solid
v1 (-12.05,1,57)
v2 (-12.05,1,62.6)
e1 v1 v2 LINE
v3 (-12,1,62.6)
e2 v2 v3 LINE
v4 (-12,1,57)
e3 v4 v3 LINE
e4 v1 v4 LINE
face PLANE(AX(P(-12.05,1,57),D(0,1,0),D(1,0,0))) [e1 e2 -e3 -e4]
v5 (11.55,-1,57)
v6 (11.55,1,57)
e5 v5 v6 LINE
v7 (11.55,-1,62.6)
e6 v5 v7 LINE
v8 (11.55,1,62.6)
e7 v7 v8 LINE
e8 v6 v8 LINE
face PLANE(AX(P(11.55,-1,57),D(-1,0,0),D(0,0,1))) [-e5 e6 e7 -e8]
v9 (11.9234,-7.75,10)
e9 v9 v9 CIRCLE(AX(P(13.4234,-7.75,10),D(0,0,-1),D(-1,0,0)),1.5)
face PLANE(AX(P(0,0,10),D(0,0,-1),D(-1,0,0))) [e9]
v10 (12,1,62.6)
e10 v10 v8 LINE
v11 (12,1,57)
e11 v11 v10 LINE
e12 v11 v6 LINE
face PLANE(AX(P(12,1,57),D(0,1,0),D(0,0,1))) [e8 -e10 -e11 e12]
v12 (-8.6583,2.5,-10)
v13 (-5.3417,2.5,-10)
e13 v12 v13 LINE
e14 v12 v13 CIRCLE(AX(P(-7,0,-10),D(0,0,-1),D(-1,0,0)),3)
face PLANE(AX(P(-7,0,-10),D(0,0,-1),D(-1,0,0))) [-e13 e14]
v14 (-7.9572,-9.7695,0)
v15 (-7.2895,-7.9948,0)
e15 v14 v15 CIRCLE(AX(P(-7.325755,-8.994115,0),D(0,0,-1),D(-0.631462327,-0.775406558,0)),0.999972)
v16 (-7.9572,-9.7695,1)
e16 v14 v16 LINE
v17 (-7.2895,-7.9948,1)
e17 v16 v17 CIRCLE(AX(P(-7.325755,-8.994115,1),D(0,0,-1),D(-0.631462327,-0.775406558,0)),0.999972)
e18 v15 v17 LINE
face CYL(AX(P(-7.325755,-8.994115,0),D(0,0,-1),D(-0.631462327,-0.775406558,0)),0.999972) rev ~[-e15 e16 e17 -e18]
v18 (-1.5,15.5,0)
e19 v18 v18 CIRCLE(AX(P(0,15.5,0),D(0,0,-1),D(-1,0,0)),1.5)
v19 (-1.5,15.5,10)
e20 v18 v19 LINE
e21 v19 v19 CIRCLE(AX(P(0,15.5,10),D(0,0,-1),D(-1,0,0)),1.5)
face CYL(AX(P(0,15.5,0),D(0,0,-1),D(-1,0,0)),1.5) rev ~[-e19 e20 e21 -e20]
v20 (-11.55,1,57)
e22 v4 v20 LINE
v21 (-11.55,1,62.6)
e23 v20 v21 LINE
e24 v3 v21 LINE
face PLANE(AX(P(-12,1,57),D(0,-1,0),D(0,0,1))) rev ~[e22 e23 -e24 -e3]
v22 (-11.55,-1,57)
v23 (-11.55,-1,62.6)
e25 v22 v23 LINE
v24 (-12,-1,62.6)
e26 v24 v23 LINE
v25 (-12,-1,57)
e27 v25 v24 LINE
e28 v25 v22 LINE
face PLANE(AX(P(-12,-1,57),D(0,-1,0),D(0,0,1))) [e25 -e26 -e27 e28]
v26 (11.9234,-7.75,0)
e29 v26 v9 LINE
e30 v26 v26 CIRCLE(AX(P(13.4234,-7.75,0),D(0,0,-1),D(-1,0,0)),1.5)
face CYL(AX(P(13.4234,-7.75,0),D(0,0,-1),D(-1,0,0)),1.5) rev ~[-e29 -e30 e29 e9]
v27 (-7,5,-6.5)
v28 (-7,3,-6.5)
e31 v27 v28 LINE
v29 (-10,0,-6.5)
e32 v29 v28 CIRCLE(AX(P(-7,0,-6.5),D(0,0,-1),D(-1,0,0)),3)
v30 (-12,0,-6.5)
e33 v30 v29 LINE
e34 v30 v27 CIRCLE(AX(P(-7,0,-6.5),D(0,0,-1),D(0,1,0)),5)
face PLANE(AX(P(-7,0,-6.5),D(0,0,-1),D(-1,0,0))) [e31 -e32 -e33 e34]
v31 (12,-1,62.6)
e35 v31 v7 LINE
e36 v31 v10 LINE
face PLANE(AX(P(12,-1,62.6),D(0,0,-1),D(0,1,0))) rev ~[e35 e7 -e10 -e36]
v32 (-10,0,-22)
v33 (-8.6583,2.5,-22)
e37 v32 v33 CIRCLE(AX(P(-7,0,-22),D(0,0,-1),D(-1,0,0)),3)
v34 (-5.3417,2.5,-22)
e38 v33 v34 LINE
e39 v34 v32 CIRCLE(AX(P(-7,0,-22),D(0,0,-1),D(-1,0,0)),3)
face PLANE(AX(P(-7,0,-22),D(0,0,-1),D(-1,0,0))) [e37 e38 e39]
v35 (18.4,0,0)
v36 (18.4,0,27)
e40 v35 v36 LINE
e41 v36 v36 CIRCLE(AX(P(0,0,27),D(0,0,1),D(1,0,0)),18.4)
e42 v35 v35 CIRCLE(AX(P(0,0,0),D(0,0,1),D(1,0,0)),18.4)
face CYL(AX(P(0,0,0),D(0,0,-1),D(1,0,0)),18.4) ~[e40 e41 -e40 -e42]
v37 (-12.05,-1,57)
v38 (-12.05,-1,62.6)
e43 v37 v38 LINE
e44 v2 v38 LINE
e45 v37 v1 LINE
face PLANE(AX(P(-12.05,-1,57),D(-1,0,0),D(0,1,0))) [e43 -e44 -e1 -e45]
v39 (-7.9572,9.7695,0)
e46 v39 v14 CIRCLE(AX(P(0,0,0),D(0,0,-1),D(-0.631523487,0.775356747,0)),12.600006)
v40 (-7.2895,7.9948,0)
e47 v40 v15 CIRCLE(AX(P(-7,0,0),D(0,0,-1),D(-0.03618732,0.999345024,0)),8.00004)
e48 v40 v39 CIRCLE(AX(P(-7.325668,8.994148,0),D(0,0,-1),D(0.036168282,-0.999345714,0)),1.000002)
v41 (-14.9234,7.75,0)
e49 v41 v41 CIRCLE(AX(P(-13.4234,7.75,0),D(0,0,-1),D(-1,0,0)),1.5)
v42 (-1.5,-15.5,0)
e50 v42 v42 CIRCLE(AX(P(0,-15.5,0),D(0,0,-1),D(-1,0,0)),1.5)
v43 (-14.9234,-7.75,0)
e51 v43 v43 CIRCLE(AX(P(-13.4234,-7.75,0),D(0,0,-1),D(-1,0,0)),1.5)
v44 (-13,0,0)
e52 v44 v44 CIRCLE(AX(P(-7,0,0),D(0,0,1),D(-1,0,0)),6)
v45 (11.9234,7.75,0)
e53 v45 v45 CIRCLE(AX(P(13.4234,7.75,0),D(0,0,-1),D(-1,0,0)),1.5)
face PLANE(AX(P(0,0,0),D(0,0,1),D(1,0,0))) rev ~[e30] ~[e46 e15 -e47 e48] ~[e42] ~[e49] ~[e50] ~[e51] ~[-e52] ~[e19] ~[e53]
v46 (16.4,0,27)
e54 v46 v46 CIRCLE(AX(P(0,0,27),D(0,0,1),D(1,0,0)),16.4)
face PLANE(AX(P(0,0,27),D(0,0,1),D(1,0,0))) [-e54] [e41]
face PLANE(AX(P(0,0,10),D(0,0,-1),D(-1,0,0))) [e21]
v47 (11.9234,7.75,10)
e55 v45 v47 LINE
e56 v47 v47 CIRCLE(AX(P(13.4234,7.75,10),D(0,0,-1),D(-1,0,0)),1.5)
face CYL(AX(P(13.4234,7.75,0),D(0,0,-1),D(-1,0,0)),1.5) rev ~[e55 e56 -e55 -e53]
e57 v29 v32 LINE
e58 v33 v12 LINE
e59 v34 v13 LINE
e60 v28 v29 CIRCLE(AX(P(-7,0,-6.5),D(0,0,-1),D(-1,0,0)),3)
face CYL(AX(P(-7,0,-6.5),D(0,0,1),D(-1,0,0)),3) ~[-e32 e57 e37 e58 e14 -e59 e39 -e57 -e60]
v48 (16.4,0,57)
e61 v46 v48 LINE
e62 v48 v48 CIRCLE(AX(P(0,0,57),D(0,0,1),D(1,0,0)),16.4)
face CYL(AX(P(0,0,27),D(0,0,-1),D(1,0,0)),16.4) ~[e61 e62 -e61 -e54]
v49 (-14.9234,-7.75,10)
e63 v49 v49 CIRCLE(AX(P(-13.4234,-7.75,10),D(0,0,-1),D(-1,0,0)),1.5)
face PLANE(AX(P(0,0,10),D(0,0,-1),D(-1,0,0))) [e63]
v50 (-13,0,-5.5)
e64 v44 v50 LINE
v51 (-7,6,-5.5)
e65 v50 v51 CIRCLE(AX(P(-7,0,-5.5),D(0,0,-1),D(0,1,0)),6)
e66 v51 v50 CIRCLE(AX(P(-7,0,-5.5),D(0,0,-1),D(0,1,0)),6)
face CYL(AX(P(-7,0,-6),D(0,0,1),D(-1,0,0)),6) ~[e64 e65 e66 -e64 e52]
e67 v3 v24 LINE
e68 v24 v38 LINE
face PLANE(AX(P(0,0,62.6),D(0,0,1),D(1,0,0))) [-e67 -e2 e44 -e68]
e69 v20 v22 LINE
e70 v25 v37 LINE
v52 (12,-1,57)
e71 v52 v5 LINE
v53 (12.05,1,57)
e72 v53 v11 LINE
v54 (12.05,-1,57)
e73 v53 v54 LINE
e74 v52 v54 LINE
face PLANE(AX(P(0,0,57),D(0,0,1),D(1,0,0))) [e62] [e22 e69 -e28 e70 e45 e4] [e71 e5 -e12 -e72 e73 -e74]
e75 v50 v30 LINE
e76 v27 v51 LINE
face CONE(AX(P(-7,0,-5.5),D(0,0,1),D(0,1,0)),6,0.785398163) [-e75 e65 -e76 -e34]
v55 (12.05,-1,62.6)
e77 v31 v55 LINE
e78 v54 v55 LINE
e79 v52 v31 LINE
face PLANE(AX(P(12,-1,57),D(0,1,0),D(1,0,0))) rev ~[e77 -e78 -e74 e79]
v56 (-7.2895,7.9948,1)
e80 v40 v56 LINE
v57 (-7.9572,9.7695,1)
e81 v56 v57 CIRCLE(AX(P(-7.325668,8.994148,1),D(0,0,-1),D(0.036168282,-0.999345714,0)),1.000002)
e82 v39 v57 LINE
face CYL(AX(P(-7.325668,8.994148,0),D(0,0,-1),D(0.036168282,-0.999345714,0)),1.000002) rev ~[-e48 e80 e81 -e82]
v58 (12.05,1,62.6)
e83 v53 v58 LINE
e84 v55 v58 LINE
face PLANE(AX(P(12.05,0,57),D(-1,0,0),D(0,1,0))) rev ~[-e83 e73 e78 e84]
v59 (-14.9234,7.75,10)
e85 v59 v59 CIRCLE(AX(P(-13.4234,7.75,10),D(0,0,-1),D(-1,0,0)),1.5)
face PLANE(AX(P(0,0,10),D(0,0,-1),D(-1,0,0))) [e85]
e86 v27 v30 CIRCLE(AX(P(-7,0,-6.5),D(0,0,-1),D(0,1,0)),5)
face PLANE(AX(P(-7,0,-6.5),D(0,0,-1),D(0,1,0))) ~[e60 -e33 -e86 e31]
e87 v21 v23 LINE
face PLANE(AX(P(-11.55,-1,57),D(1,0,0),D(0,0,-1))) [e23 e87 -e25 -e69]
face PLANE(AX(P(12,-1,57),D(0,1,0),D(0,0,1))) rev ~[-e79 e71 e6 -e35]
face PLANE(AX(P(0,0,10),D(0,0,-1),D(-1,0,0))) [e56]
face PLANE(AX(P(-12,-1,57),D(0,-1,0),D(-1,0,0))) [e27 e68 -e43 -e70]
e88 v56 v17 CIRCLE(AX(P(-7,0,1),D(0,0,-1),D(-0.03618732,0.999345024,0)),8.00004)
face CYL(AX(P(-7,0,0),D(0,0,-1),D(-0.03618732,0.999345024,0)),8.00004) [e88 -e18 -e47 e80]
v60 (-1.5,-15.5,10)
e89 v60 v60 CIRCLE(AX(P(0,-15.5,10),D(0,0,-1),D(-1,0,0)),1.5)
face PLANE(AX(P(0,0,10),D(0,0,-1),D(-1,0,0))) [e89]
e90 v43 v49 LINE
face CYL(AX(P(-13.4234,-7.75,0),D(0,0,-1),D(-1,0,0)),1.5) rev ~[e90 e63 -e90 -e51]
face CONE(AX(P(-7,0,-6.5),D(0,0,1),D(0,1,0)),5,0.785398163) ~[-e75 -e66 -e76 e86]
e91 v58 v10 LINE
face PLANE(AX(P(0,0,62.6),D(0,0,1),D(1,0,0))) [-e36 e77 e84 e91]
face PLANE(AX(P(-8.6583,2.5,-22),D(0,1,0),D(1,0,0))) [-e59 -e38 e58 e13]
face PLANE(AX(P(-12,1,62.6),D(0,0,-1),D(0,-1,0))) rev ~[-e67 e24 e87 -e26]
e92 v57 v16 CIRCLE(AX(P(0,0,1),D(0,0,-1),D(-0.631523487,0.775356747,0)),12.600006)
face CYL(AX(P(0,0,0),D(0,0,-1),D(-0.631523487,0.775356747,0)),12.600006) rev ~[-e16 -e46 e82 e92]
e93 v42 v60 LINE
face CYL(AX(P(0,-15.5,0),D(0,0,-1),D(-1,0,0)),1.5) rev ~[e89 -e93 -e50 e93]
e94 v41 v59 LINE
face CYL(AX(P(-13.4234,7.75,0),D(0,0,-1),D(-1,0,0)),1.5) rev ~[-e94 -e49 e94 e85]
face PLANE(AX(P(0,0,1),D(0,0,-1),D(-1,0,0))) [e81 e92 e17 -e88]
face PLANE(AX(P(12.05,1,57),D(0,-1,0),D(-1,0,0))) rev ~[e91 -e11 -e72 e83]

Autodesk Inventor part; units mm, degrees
ref_plane "YZ Plane" through (0, 0, 0) normal (1, 0, 0) x (0, 1, 0)
ref_plane "XZ Plane" through (0, 0, 0) normal (0, 1, 0) x (-1, 0, 0)
ref_plane "XY Plane" through (0, 0, 0) normal (0, 0, 1) x (1, 0, 0)
sketch "Boceto1" plane through (0, 0, 0) normal (0, 0, 1) x (1, 0, 0)
  circle A0 centre (0, 0) radius 18.4
  dimension "d0" = 36.8
extrude "Extrusión1" add sketch "Boceto1" along normal blind 27
sketch "Boceto2" plane through (0, 0, 27) normal (0, 0, 1) x (1, 0, 0)
  circle A0 centre (0, 0) radius 18.4 projected
  circle A1 centre (0, 0) radius 16.4
  dimension "d4" = 2
extrude "Extrusión2" add sketch "Boceto2" along normal blind 30 contours A1
sketch "Boceto3" plane through (0, 0, 57) normal (0, 0, 1) x (1, 0, 0)
  circle A0 centre (0, 0) radius 16.4 projected
  line L0 (0, 0) -> (12.05, 0)
  line L1 (0, 0) -> (-12.05, 0)
  line L2 (-12.05, 0) -> (-12.05, 1)
  line L3 (-12.05, 1) -> (-12, 1)
  line L4 (-12, 1) -> (-12, -1)
  line L5 (-12, -1) -> (-12.05, -1)
  line L6 (-12.05, -1) -> (-12.05, 0)
  line L7 (12.05, 0) -> (12.05, 1)
  line L8 (12.05, 1) -> (12, 1)
  line L9 (12, 1) -> (12, -1)
  line L10 (12, -1) -> (12.05, -1)
  line L11 (12.05, -1) -> (12.05, 0)
  dimension "d7" = 12.05
  dimension "d8" = 12.05
extrude "Extrusión3" add sketch "Boceto3" along normal blind 5.6 contours L9 L8 L7 L0 | L0 L11 L10 L9 | L4 L5 L6 L1 | L1 L2 L3 L4
sketch "Boceto4" plane through (0, 0, 0) normal (0, 0, -1) x (-1, 0, 0)
  circle A0 centre (13.4234, -7.75) radius 1.5
  circle A1 centre (13.4234, 7.75) radius 1.5
  circle A2 centre (0, 15.5) radius 1.5
  circle A3 centre (-13.4234, 7.75) radius 1.5
  circle A4 centre (-13.4234, -7.75) radius 1.5
  circle A5 centre (0, -15.5) radius 1.5
  line L0 (0, 0) -> (7, 0)
  circle A6 centre (7, 0) radius 6
  arc A7 (7.2895, 7.9948) -> (7.2895, -7.9948) centre (7, 0) ccw
  arc A8 (7.9572, 9.7695) -> (7.9572, -9.7695) centre (0, 0) ccw
  arc A9 (7.9572, -9.7695) -> (7.2895, -7.9948) centre (7.3257, -8.9941) ccw
  arc A10 (7.2895, 7.9948) -> (7.9572, 9.7695) centre (7.3257, 8.9941) ccw
  dimension "d19" = 7
  dimension "d20" = 12
  dimension "d34" = 1
extrude "Extrusión4" add sketch "Boceto4" along normal blind 6 contours A6
sketch "Boceto5" plane through (-7, 0, -6) normal (0, 0, -1) x (-1, 0, 0)
  circle A0 centre (0, 0) radius 6 projected
  line L0 (6, 0) -> (0, 0)
  line L1 (0, 6) -> (0, 0)
extrude "Extrusión5" add sketch "Boceto5" along normal blind 0.5 contours L0 L1 A0 picked at (3.9499, 0.445)
sketch "Boceto6" plane through (0, 0, -6) normal (0, 0, -1) x (-1, 0, 0)
  line L0 (13, 0) -> (7, 0) projected
  line L1 (7, 0) -> (7, 6) projected
  arc A0 (7, 6) -> (13, 0) centre (7, 0) ccw projected
extrude "Extrusión6" cut sketch "Boceto6" against normal blind 0.5
sketch "Boceto7" plane through (-7, 0, -6.5) normal (1, 0, 0) x (0, 0, -1)
  line L0 (0, 0) -> (0, 6) projected
  line L1 (-1, 0) -> (0, 0) projected
  line L2 (-1, 6) -> (0, 5)
  line L3 (0, 5) -> (0, 6)
  line L4 (-1, 6) -> (0, 5)
  line L5 (-1, 6) -> (0, 6)
  line L6 (-1, 6) -> (0, 5)
  line L7 (0, 5) -> (-1, 6)
revolve "Revolución1" cut sketch "Boceto7" angle 360 about axis through (-7, 0, -5.5) along (0, 0, -1)
sketch "Boceto8" plane through (-7, 0, -5.5) normal (1, 0, 0) x (0, 0, -1)
  line L0 (1, 5) -> (0, 6) projected
  line L1 (0, 0) -> (0, 6) projected
  line L2 (0, 0) -> (1, 0) projected
  line L3 (1, 0) -> (1, 5) projected
revolve "Revolución2" add sketch "Boceto8" angle 360 about axis through (-7, 0, -5.5) along (0, 0, -1)
sketch "Boceto9" plane through (-7, 0, -6.5) normal (0, 0, -1) x (-1, 0, 0)
  circle A0 centre (0, 0) radius 5 projected
  circle A1 centre (0, 0) radius 3
extrude "Extrusión7" add sketch "Boceto9" along normal blind 15.5 contours A1
sketch "Boceto10" plane through (-7, 0, -22) normal (0, 0, -1) x (-1, 0, 0)
  circle A0 centre (0, 0) radius 3 projected
  line L0 (1.6583, 2.5) -> (-1.6583, 2.5)
extrude "Extrusión8" cut sketch "Boceto10" against normal blind 12 contours L0 A0 picked at (-0.1169, 2.6598)
extrude "Extrusión9" cut sketch "Boceto4" against normal blind 1 contours A7 A9 A8 A10
extrude "Extrusión10" cut sketch "Boceto4" against normal blind 10 contours A0 | A1 | A2 | A3 | A4 | A5
sketch "Boceto12" plane through (-12, -1, 57) normal (1, 0, 0) x (0, 0, -1)
  line L0 (-5.6, 2) -> (-5.6, 0) projected
  line L1 (0, 0) -> (-5.6, 0) projected
  line L2 (0, 2) -> (0, 0) projected
  line L3 (0, 2) -> (-5.6, 2) projected
extrude "Extrusión11" add sketch "Boceto12" along normal blind 0.45
sketch "Boceto13" plane through (12, -1, 57) normal (-1, 0, 0) x (0, 0, 1)
  line L0 (5.6, 0) -> (5.6, 2) projected
  line L1 (0, 2) -> (5.6, 2) projected
  line L2 (0, 0) -> (0, 2) projected
  line L3 (0, 0) -> (5.6, 0) projected
extrude "Extrusión12" add sketch "Boceto13" along normal blind 0.45
sketch "Boceto14" plane through (0, 0, 0) normal (0, 0, -1) x (-1, 0, 0)
  circle A0 centre (0, -15.5) radius 1.5 projected
  circle A1 centre (-13.4234, -7.75) radius 1.5 projected
  circle A2 centre (-13.4234, 7.75) radius 1.5 projected
  circle A3 centre (13.4234, 7.75) radius 1.5 projected
  circle A4 centre (13.4234, -7.75) radius 1.5 projected
  circle A5 centre (0, 15.5) radius 1.5 projected
  arc A6 (7.2895, 7.9948) -> (7.2895, -7.9948) centre (7, 0) ccw projected
  arc A7 (7.9572, -9.7695) -> (7.2895, -7.9948) centre (7.3257, -8.9941) ccw projected
  arc A8 (7.9572, 9.7695) -> (7.9572, -9.7695) centre (0, 0) ccw projected
  arc A9 (7.2895, 7.9948) -> (7.9572, 9.7695) centre (7.3257, 8.9941) ccw projected
  circle A10 centre (7, 0) radius 6 projected
  circle A11 centre (0, 0) radius 18.4 projected
sketch "Boceto15" plane through (-7, 0, -22) normal (0, 0, -1) x (-1, 0, 0)
  line L0 (1.6583, 2.5) -> (-1.6583, 2.5) projected
  arc A0 (-1.6583, 2.5) -> (1.6583, 2.5) centre (0, 0) ccw projected
properties part number "37D"
